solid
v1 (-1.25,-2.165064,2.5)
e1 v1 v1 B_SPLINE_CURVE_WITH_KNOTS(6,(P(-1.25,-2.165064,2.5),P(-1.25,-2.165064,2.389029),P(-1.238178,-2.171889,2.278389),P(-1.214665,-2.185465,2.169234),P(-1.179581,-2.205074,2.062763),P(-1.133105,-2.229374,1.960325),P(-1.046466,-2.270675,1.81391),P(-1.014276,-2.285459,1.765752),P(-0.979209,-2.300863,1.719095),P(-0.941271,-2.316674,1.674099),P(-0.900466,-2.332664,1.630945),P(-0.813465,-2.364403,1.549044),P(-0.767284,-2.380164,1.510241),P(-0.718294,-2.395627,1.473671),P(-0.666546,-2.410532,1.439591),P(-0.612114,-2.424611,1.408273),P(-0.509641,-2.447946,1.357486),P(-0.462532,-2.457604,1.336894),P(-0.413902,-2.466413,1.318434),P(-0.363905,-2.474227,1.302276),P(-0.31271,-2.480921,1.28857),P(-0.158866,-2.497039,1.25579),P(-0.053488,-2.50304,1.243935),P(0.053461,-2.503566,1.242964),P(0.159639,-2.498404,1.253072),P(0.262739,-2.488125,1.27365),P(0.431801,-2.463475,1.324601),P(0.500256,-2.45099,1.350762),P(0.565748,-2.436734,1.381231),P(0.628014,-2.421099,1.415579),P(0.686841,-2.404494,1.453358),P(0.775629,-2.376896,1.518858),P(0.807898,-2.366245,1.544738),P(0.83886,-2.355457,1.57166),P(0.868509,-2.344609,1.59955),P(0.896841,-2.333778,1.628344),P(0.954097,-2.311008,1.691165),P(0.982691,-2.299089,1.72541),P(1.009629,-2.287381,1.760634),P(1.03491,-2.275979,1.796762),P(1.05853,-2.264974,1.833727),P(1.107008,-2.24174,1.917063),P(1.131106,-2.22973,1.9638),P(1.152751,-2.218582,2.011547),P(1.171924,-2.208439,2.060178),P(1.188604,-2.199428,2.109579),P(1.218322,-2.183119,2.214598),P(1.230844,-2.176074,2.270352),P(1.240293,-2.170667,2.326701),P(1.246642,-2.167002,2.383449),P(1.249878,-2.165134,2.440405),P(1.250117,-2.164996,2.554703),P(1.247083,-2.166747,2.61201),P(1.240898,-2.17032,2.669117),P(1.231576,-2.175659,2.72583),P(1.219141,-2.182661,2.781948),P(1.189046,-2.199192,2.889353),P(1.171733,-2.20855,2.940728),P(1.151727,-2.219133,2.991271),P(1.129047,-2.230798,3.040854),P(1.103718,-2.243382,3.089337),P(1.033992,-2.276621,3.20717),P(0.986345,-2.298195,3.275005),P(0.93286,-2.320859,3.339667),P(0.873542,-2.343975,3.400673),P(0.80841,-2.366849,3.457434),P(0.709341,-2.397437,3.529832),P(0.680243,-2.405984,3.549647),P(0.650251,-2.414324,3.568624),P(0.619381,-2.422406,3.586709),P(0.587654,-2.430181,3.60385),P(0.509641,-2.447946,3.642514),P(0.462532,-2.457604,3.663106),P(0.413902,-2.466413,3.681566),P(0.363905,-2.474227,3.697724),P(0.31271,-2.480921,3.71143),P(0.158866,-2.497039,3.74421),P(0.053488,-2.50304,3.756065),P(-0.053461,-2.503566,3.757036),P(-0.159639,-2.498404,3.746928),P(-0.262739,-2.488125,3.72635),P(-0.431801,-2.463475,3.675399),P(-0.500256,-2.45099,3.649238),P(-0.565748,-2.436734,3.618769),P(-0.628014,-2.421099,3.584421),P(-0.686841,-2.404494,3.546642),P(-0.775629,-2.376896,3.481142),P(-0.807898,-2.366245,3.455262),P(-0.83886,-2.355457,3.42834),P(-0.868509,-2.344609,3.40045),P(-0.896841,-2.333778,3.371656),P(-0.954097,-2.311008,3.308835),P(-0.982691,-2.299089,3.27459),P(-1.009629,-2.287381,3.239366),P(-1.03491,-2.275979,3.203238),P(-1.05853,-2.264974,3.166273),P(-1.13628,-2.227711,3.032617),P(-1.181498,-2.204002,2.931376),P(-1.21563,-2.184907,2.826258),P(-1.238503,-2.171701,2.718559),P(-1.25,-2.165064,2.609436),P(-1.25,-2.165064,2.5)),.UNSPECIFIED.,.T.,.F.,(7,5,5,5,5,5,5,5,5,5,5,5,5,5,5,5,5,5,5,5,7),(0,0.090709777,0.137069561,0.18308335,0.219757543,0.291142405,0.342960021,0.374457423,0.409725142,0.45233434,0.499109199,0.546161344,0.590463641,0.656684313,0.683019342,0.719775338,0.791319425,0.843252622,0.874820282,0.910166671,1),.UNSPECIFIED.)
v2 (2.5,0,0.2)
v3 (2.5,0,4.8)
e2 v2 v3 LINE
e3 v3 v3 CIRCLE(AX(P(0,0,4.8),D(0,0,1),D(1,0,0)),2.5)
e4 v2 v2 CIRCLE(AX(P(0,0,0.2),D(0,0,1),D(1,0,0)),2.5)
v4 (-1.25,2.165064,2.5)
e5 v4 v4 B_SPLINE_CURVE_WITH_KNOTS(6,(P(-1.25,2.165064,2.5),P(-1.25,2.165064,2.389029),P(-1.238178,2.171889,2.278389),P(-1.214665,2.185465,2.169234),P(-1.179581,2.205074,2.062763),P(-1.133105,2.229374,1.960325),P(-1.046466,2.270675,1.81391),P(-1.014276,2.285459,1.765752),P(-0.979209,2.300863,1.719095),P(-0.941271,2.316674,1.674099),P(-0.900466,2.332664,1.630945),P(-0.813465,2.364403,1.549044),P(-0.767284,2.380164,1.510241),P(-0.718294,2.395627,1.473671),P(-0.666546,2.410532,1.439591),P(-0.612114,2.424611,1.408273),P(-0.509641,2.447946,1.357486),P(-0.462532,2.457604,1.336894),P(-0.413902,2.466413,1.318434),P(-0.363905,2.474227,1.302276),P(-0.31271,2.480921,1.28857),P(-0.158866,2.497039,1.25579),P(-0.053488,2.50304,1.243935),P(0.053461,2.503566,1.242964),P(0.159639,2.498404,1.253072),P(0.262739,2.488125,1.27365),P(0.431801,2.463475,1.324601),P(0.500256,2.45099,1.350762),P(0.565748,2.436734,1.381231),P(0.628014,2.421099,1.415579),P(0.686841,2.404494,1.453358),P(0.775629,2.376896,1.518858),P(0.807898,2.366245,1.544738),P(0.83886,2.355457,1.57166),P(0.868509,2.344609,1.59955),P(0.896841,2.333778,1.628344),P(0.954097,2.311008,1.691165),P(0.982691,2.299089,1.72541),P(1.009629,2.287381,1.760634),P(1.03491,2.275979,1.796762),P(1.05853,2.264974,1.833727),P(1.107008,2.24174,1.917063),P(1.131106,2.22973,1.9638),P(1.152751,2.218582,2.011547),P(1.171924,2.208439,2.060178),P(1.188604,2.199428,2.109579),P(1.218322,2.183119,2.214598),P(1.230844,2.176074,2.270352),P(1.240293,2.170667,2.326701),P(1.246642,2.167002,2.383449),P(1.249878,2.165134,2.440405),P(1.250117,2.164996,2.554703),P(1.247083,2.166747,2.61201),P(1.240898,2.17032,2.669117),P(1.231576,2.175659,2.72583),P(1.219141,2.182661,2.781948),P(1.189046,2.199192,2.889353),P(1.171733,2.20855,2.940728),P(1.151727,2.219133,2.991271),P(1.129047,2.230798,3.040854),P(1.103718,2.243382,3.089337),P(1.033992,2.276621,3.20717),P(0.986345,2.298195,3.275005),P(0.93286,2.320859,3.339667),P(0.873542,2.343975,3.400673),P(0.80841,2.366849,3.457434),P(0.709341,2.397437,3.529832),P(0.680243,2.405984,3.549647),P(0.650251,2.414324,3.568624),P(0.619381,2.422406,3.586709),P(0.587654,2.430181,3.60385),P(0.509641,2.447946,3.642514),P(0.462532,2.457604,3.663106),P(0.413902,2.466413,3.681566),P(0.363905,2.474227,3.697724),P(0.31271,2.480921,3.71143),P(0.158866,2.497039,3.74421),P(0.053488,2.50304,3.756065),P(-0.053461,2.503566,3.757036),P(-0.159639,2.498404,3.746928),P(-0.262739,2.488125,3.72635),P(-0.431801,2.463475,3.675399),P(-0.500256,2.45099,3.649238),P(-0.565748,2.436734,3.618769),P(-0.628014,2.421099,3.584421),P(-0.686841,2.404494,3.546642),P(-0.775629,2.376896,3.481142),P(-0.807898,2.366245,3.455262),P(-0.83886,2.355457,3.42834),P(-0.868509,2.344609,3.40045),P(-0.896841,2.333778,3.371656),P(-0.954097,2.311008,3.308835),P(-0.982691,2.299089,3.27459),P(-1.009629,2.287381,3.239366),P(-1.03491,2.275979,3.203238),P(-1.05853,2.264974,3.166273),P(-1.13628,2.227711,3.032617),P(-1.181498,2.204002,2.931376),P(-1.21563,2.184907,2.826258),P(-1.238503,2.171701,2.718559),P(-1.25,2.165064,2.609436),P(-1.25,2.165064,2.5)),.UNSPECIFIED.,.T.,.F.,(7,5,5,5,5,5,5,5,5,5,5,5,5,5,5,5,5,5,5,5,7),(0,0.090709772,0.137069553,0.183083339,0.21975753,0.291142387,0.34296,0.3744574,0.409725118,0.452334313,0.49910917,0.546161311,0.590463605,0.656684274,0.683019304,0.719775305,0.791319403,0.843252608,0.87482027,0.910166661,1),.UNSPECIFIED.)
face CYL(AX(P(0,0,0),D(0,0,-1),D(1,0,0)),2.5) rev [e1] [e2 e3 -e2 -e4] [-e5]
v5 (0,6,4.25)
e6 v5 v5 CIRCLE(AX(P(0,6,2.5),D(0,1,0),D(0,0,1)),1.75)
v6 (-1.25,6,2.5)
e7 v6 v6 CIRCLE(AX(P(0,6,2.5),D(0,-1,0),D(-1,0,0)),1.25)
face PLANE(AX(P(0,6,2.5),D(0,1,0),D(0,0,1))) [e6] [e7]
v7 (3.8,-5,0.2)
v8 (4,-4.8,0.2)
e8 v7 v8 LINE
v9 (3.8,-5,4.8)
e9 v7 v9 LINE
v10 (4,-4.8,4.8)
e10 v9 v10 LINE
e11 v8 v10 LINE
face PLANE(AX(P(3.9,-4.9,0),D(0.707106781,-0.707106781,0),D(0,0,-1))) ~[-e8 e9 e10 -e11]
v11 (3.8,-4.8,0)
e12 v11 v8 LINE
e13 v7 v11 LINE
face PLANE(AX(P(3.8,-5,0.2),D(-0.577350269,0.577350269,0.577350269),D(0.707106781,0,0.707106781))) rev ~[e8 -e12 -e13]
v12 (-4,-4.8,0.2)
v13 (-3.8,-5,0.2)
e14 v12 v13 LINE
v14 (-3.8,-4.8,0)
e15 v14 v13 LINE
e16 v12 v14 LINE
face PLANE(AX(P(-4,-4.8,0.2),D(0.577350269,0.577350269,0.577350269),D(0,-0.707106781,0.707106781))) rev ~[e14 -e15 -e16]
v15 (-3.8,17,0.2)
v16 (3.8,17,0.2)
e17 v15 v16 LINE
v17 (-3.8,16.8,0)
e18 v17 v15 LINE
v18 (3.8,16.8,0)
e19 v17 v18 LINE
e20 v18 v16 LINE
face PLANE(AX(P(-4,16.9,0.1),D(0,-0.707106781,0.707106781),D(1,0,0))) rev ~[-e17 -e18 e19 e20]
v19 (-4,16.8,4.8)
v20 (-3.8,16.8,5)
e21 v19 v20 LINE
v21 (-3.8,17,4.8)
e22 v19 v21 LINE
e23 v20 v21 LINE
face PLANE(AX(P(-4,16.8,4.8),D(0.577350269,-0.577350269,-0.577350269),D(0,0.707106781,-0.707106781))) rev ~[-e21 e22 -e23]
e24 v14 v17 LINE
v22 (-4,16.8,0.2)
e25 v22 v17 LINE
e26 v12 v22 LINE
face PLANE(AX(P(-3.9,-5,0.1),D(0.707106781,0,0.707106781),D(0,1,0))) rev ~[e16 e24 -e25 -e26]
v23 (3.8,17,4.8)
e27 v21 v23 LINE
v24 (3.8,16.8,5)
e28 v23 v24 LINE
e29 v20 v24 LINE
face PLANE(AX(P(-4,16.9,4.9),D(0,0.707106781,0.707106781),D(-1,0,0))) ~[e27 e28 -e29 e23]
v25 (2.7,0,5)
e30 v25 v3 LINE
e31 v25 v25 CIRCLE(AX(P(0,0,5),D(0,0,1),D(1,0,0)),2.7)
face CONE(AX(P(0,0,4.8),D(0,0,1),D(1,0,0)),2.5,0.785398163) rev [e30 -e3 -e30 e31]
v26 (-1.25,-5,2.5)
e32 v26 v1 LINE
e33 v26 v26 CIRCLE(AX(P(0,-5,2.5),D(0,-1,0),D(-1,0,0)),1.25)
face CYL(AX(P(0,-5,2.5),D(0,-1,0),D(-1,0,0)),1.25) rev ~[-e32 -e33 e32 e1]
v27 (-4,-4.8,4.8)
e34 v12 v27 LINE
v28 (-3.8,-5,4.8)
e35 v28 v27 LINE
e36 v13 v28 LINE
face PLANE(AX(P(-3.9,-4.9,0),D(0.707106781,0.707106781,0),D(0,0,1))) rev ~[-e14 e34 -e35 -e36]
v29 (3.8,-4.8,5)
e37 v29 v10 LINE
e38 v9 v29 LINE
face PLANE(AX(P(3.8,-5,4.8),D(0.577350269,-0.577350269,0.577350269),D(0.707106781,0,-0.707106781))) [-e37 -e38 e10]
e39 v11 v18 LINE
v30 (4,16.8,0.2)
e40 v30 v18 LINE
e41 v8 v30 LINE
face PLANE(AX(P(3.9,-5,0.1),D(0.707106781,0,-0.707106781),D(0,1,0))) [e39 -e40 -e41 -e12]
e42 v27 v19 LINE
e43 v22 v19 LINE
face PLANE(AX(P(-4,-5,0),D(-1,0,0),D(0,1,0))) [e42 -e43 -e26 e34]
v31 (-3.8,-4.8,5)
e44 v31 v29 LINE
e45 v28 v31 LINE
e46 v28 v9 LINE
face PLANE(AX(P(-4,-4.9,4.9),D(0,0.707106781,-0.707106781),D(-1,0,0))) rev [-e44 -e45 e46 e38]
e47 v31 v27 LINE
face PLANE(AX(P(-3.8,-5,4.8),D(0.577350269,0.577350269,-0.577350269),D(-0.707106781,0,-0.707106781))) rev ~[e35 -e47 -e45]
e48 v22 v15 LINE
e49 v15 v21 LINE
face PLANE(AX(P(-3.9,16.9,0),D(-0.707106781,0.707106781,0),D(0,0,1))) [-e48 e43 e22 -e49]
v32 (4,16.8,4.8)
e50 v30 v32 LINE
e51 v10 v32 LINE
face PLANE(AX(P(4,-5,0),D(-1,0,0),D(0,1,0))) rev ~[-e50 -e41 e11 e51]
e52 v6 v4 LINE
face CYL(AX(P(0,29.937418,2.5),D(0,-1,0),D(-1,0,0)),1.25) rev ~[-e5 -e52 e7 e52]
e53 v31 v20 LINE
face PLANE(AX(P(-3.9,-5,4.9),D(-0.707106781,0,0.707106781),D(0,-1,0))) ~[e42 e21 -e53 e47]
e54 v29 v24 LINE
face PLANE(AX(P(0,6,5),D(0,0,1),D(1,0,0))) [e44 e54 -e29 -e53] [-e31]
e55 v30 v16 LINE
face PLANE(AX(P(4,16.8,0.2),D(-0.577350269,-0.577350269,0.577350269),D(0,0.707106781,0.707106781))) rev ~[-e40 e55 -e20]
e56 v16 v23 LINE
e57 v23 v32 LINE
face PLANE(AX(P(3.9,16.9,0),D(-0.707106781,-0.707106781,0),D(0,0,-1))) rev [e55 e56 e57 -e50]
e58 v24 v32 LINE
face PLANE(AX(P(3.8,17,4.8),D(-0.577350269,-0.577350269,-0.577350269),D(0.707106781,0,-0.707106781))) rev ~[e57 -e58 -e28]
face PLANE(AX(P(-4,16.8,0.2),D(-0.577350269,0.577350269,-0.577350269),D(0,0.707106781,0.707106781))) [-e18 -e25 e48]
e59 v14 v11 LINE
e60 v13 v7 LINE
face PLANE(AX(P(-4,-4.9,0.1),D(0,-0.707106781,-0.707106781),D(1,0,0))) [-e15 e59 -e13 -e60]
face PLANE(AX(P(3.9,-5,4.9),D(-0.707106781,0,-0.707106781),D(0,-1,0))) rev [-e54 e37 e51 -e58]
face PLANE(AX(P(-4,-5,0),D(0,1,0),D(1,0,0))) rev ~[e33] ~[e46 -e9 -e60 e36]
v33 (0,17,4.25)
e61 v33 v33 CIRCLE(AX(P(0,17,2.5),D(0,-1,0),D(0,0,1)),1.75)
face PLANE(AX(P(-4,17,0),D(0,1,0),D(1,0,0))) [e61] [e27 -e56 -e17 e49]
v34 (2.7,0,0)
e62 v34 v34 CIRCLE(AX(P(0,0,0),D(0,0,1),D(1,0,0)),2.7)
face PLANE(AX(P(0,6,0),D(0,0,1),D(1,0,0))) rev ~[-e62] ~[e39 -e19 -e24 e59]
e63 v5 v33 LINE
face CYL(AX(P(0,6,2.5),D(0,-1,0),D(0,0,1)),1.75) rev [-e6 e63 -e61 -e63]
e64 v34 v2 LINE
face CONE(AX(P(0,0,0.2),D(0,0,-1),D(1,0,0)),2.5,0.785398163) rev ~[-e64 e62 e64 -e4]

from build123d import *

# Parameters (mm, degrees)
SKIZZE1_W                       = 8
SKIZZE1_H                       = 22
SKIZZE1_R                       = 2.5
AUFSATZ_LINEAR_AUSTRAGEN1_DEPTH = 5
M3_GEWINDEBOHRUNG1_REACH        = 24.913
M3_GEWINDEBOHRUNG1_BORE_R       = 1.25
FASE1_SIZE                      = 0.2
FASE2_SIZE                      = 0.2
SKIZZE4_R                       = 1.75
SCHNITT_LINEAR_AUSTRAGEN1_DEPTH = 13.727922148
M3_GEWINDEBOHRUNG2_D            = 2.5


with BuildPart() as part:
    # Skizze1 → Aufsatz-Linear austragen1 (new body)
    with BuildSketch(Plane.XY):
        with Locations((0, 6)):
            Rectangle(SKIZZE1_W, SKIZZE1_H)
        Circle(SKIZZE1_R, mode=Mode.SUBTRACT)
    extrude(amount=AUFSATZ_LINEAR_AUSTRAGEN1_DEPTH)

    # M3 Gewindebohrung1 bore → M3 Gewindebohrung1 (cut, up to next)
    with BuildSketch(Plane(origin=(0, -5, 0), x_dir=(-1, 0, 0), z_dir=(0, -1, 0)), mode=Mode.PRIVATE) as m3_gewindebohrung1_sk1:
        with Locations((0, -2.5)):
            Circle(M3_GEWINDEBOHRUNG1_BORE_R)
    m3_gewindebohrung1_tool1 = extrude(m3_gewindebohrung1_sk1.sketch, amount=-M3_GEWINDEBOHRUNG1_REACH, mode=Mode.PRIVATE) & part.part
    add(m3_gewindebohrung1_tool1.solids().sort_by_distance((0, -5, 2.5))[0], mode=Mode.SUBTRACT)

    # Fase1
    fase1_edges = [part.edges().sort_by_distance(p)[0] for p in [
        (-2.5, 0, 0),
        (-2.5, 0, 5),
    ]]
    chamfer(fase1_edges, length=FASE1_SIZE)

    # Fase2
    fase2_edges = [part.edges().sort_by_distance(p)[0] for p in [
        (4, 6, 5),
        (0, 17, 5),
        (-4, 6, 5),
        (0, 17, 0),
        (4, 6, 0),
        (0, -5, 0),
        (-4, 6, 0),
        (0, -5, 5),
        (-4, 17, 2.5),
        (4, 17, 2.5),
        (4, -5, 2.5),
        (-4, -5, 2.5),
    ]]
    chamfer(fase2_edges, length=FASE2_SIZE)

    # Skizze4 → Schnitt-Linear austragen1 (cut, through all)
    with BuildSketch(Plane(origin=(0, 6, 0), x_dir=(1, 0, 0), z_dir=(0, 1, 0))):
        with Locations(Location((0, -2.5, 0), (0, 0, 270))):
            Circle(SKIZZE4_R)
    extrude(amount=SCHNITT_LINEAR_AUSTRAGEN1_DEPTH, mode=Mode.SUBTRACT)

    # M3 Gewindebohrung2 (through all)
    with Locations(Plane(origin=(0, 6, 0), x_dir=(1, 0, 0), z_dir=(0, 1, 0))):
        with Locations((0, -2.5)):
            Hole(M3_GEWINDEBOHRUNG2_D / 2)


solid = part.part
